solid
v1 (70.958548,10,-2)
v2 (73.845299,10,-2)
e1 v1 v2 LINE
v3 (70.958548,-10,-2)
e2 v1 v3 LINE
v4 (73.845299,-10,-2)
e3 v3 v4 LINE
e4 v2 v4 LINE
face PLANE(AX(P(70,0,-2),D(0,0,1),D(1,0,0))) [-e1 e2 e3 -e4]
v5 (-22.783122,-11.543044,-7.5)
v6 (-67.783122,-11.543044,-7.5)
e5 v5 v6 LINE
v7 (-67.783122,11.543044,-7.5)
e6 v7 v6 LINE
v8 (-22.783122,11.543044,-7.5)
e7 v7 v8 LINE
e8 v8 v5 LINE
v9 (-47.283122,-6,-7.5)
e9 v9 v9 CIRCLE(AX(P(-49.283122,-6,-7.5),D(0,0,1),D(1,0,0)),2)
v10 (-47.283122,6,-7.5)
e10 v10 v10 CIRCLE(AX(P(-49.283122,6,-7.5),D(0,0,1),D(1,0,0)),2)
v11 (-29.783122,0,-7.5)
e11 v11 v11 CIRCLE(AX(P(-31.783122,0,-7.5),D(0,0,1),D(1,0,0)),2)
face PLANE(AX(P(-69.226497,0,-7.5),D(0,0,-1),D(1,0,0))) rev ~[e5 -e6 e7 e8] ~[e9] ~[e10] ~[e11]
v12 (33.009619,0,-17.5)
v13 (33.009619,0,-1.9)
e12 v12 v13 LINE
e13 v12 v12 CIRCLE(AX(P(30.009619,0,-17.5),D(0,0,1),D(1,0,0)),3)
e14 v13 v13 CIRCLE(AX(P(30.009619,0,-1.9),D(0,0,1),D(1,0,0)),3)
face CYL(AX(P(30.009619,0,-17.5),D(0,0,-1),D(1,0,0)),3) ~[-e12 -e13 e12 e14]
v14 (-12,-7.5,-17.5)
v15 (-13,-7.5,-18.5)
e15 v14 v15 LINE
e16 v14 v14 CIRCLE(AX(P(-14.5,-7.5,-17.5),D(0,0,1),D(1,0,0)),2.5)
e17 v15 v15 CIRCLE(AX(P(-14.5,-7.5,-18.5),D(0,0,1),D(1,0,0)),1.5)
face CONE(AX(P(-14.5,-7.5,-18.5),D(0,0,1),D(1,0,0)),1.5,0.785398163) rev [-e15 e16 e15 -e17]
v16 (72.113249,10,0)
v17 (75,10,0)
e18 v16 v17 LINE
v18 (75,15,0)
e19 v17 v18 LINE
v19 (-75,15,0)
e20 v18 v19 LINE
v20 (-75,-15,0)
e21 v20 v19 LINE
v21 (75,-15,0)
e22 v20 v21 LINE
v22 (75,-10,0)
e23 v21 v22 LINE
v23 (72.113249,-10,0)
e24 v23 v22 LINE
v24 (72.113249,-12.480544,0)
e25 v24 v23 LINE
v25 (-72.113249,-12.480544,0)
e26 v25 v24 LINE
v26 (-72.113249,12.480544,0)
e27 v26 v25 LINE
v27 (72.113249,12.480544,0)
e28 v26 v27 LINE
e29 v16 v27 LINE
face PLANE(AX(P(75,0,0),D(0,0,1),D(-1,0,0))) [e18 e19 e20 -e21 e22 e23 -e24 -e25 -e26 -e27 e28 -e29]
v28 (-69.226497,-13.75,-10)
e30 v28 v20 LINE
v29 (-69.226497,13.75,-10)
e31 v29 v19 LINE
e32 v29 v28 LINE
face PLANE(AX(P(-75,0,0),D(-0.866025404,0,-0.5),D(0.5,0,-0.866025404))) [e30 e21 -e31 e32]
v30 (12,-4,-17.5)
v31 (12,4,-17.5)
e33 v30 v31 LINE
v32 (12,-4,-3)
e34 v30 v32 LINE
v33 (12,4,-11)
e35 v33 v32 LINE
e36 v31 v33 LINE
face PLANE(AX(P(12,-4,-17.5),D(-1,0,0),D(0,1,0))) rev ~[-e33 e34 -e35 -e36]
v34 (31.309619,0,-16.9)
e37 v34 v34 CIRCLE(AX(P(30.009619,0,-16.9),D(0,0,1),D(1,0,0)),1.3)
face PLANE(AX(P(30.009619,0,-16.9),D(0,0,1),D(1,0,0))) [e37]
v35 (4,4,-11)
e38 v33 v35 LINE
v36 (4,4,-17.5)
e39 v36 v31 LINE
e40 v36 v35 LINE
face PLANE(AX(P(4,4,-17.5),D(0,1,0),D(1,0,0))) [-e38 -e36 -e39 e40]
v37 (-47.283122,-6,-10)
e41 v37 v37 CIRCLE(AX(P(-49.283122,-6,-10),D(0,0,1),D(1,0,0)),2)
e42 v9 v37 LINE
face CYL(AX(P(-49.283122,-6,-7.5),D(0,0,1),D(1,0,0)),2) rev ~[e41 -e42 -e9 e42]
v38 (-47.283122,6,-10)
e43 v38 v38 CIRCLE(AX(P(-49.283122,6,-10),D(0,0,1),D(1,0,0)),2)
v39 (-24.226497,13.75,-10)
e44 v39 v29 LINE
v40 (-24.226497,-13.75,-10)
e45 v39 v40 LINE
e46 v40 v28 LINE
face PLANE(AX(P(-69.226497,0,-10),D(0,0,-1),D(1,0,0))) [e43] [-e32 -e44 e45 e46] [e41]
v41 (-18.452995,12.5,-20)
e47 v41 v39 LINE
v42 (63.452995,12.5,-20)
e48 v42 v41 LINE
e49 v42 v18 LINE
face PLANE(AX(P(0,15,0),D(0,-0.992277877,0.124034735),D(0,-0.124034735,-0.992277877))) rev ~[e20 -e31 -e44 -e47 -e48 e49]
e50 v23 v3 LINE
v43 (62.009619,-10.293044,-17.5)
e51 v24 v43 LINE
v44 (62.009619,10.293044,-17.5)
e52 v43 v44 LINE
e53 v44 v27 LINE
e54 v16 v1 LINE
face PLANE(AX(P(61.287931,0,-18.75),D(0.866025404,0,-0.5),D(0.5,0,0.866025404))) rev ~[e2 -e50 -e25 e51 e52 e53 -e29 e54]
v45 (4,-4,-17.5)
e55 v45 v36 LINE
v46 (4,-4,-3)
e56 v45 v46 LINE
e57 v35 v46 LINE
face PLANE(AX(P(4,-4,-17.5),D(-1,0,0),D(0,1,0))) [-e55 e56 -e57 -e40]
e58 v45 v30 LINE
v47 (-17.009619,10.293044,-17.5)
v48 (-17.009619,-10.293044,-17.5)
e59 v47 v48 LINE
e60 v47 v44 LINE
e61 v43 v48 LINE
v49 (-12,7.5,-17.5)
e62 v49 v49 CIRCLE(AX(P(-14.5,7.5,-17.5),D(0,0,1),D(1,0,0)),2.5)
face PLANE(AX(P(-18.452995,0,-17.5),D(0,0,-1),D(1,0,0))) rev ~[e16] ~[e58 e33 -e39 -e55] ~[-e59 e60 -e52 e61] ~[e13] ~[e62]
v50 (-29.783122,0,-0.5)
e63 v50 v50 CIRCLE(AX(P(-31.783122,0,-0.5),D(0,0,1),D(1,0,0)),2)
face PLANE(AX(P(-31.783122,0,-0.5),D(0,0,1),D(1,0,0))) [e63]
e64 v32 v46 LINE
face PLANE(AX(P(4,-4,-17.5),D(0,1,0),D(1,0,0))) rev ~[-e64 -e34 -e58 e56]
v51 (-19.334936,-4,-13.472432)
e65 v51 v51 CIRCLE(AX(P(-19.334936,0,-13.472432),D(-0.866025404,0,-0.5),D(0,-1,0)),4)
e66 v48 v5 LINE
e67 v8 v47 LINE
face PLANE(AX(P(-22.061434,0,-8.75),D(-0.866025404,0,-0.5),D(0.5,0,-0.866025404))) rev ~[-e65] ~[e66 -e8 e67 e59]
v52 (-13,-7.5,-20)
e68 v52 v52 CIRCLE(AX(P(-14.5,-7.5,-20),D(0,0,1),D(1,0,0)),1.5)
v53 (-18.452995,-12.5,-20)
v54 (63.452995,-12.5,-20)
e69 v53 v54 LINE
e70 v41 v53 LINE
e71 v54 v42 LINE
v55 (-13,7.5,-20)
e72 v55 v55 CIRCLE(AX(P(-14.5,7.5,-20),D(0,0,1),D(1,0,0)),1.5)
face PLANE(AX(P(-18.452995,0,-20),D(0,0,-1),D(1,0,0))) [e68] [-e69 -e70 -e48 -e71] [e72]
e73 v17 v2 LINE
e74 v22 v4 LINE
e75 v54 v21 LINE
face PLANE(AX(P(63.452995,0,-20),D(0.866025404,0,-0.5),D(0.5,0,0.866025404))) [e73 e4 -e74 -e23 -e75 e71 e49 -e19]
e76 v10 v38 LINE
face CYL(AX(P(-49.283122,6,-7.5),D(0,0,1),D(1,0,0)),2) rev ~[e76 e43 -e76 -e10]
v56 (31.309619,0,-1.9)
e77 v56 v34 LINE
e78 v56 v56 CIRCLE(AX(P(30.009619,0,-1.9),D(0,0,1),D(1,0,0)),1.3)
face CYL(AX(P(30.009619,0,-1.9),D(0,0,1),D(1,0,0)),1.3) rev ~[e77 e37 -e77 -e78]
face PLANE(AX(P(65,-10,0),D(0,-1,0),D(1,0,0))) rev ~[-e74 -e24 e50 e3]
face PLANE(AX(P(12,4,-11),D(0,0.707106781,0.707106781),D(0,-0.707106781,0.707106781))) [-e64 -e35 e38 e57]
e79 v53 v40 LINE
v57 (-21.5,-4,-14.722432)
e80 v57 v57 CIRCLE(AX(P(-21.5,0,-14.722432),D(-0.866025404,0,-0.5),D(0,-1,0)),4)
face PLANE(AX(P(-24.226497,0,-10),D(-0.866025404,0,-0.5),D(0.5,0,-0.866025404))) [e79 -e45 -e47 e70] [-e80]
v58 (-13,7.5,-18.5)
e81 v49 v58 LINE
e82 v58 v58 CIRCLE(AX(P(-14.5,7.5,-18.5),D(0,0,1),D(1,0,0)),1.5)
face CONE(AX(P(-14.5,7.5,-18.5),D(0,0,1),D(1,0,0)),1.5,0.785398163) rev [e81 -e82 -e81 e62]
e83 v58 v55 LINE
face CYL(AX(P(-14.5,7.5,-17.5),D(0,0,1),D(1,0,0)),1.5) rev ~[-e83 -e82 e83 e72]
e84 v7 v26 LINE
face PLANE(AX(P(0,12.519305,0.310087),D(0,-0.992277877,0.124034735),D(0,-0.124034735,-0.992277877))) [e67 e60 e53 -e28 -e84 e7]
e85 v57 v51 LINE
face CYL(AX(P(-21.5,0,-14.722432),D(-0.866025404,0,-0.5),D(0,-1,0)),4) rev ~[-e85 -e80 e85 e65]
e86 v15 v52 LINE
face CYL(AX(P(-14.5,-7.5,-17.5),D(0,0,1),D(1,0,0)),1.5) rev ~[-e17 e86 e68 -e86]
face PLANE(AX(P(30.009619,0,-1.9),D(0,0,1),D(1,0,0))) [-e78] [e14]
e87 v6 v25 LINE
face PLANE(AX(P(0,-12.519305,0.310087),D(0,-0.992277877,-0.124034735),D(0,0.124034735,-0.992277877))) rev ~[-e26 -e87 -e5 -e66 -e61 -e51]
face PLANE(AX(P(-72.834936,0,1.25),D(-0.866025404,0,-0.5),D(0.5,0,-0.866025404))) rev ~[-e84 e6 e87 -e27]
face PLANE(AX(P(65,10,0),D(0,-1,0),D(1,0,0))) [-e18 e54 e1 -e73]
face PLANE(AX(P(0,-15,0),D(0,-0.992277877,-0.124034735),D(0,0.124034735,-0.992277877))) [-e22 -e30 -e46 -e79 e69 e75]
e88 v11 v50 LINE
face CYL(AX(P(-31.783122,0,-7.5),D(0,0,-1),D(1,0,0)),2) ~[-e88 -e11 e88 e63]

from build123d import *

# Parameters (mm, degrees)
PAD001_DEPTH      = 15
POCKET_DEPTH      = 75.001
POCKET_DEPTH_BACK = 75.001
THICKNESS_T       = -2.5
SKETCH006_R       = 3
PAD005_DEPTH      = 15.6
SKETCH007_R       = 1.3
POCKET001_DEPTH   = 15
SKETCH018_R       = 4
POCKET008_DEPTH   = 2.5
SKETCH020_R       = 2
POCKET009_DEPTH   = 12.501
SKETCH021_R       = 2
PAD008_DEPTH      = 7
SKETCH027_R       = 1.5
POCKET014_DEPTH   = 2.501
CHAMFER001_SIZE   = 1
SKETCH028_W       = 10
SKETCH028_H       = 20
POCKET015_DEPTH   = 2
SKETCH032_W       = 8
SKETCH032_H       = 8
PAD011_DEPTH      = 15
POCKET018_DEPTH   = 8


with BuildPart() as part:
    # Sketch001 → Pad001 (new body, symmetric)
    with BuildSketch(Plane.XZ):
        Polygon((-75, 0), (-69.2264973081, -10), (-24.2264973081, -10), (-18.4529946162, -20), (63.4529946162, -20), (75, 0), align=None)
    extrude(amount=PAD001_DEPTH, both=True)

    # Sketch002 → Pocket (cut, two sides)
    with BuildSketch(Plane.YZ) as pocket_sk:
        Polygon((-15, 0), (-12.5, -20), (-15, -20), align=None)
        Polygon((15, -20), (15, 0), (12.5, -20), align=None)
    extrude(amount=-POCKET_DEPTH, mode=Mode.SUBTRACT)
    extrude(pocket_sk.sketch, amount=POCKET_DEPTH_BACK, mode=Mode.SUBTRACT)

    # Thickness
    thickness_openings = [part.faces().sort_by_distance(p)[0] for p in [
        (0, 0, 0),
    ]]
    offset(amount=THICKNESS_T, openings=thickness_openings, kind=Kind.INTERSECTION)

    # Sketch006 (on Face14 of Thickness) → Pad005 (join)
    with BuildSketch(Plane.XY.offset(-17.5)):
        with Locations((30.0096189432, 0)):
            Circle(SKETCH006_R)
    extrude(amount=PAD005_DEPTH)

    # Sketch007 (on Face17 of Pad005) → Pocket001 (cut)
    with BuildSketch(Plane.XY.offset(-1.9)):
        with Locations((30.0096189432, 0)):
            Circle(SKETCH007_R)
    extrude(amount=-POCKET001_DEPTH, mode=Mode.SUBTRACT)

    # Sketch018 (on Face8 of Pocket001) → Pocket008 (cut)
    with BuildSketch(Plane(origin=(-22.5, 0, -12.9903810568), x_dir=(0, -1, 0), z_dir=(-0.8660254038, 0, -0.5))):
        with Locations((0, -2)):
            Circle(SKETCH018_R)
    extrude(amount=-POCKET008_DEPTH, mode=Mode.SUBTRACT)

    # Sketch020 (on Face14 of Pocket008) → Pocket009 (cut, through all)
    with BuildSketch(Plane.XY.offset(-7.5)):
        with Locations((-49.2831216351, 6)):
            Circle(SKETCH020_R)
        with Locations((-49.2831216351, -6)):
            Circle(SKETCH020_R)
    extrude(amount=-POCKET009_DEPTH, mode=Mode.SUBTRACT)

    # Sketch021 (on Face16 of Pocket009) → Pad008 (join)
    with BuildSketch(Plane.XY.offset(-7.5)):
        with Locations((-31.7831216351, 0)):
            Circle(SKETCH021_R)
    extrude(amount=PAD008_DEPTH)

    # Sketch027 (on Face18 of Pad008) → Pocket014 (cut, through all)
    with BuildSketch(Plane.XY.offset(-17.5)):
        with Locations((-14.5, 7.5)):
            Circle(SKETCH027_R)
        with Locations((-14.5, -7.5)):
            Circle(SKETCH027_R)
    extrude(amount=-POCKET014_DEPTH, mode=Mode.SUBTRACT)

    # Chamfer001
    chamfer001_edges = [part.edges().sort_by_distance(p)[0] for p in [
        (-16, 7.5, -17.5),
        (-16, -7.5, -17.5),
    ]]
    chamfer(chamfer001_edges, length=CHAMFER001_SIZE)

    # Sketch028 (on Face18 of Chamfer001) → Pocket015 (cut)
    with BuildSketch(Plane.XY):
        with Locations((70, 0)):
            Rectangle(SKETCH028_W, SKETCH028_H)
    extrude(amount=-POCKET015_DEPTH, mode=Mode.SUBTRACT)

    # Sketch032 (on Face4 of Pocket015) → Pad011 (join)
    with BuildSketch(Plane.XY.offset(-17.5)):
        with Locations((8, 0)):
            Rectangle(SKETCH032_W, SKETCH032_H)
    extrude(amount=PAD011_DEPTH)

    # Sketch033 (on Face17 of Pad011) → Pocket018 (cut)
    with BuildSketch(Plane.YZ.offset(12)):
        Polygon((4, -11), (-4, -3), (-4, -2.5), (4, -2.5), align=None)
    extrude(amount=-POCKET018_DEPTH, mode=Mode.SUBTRACT)


solid = part.part
